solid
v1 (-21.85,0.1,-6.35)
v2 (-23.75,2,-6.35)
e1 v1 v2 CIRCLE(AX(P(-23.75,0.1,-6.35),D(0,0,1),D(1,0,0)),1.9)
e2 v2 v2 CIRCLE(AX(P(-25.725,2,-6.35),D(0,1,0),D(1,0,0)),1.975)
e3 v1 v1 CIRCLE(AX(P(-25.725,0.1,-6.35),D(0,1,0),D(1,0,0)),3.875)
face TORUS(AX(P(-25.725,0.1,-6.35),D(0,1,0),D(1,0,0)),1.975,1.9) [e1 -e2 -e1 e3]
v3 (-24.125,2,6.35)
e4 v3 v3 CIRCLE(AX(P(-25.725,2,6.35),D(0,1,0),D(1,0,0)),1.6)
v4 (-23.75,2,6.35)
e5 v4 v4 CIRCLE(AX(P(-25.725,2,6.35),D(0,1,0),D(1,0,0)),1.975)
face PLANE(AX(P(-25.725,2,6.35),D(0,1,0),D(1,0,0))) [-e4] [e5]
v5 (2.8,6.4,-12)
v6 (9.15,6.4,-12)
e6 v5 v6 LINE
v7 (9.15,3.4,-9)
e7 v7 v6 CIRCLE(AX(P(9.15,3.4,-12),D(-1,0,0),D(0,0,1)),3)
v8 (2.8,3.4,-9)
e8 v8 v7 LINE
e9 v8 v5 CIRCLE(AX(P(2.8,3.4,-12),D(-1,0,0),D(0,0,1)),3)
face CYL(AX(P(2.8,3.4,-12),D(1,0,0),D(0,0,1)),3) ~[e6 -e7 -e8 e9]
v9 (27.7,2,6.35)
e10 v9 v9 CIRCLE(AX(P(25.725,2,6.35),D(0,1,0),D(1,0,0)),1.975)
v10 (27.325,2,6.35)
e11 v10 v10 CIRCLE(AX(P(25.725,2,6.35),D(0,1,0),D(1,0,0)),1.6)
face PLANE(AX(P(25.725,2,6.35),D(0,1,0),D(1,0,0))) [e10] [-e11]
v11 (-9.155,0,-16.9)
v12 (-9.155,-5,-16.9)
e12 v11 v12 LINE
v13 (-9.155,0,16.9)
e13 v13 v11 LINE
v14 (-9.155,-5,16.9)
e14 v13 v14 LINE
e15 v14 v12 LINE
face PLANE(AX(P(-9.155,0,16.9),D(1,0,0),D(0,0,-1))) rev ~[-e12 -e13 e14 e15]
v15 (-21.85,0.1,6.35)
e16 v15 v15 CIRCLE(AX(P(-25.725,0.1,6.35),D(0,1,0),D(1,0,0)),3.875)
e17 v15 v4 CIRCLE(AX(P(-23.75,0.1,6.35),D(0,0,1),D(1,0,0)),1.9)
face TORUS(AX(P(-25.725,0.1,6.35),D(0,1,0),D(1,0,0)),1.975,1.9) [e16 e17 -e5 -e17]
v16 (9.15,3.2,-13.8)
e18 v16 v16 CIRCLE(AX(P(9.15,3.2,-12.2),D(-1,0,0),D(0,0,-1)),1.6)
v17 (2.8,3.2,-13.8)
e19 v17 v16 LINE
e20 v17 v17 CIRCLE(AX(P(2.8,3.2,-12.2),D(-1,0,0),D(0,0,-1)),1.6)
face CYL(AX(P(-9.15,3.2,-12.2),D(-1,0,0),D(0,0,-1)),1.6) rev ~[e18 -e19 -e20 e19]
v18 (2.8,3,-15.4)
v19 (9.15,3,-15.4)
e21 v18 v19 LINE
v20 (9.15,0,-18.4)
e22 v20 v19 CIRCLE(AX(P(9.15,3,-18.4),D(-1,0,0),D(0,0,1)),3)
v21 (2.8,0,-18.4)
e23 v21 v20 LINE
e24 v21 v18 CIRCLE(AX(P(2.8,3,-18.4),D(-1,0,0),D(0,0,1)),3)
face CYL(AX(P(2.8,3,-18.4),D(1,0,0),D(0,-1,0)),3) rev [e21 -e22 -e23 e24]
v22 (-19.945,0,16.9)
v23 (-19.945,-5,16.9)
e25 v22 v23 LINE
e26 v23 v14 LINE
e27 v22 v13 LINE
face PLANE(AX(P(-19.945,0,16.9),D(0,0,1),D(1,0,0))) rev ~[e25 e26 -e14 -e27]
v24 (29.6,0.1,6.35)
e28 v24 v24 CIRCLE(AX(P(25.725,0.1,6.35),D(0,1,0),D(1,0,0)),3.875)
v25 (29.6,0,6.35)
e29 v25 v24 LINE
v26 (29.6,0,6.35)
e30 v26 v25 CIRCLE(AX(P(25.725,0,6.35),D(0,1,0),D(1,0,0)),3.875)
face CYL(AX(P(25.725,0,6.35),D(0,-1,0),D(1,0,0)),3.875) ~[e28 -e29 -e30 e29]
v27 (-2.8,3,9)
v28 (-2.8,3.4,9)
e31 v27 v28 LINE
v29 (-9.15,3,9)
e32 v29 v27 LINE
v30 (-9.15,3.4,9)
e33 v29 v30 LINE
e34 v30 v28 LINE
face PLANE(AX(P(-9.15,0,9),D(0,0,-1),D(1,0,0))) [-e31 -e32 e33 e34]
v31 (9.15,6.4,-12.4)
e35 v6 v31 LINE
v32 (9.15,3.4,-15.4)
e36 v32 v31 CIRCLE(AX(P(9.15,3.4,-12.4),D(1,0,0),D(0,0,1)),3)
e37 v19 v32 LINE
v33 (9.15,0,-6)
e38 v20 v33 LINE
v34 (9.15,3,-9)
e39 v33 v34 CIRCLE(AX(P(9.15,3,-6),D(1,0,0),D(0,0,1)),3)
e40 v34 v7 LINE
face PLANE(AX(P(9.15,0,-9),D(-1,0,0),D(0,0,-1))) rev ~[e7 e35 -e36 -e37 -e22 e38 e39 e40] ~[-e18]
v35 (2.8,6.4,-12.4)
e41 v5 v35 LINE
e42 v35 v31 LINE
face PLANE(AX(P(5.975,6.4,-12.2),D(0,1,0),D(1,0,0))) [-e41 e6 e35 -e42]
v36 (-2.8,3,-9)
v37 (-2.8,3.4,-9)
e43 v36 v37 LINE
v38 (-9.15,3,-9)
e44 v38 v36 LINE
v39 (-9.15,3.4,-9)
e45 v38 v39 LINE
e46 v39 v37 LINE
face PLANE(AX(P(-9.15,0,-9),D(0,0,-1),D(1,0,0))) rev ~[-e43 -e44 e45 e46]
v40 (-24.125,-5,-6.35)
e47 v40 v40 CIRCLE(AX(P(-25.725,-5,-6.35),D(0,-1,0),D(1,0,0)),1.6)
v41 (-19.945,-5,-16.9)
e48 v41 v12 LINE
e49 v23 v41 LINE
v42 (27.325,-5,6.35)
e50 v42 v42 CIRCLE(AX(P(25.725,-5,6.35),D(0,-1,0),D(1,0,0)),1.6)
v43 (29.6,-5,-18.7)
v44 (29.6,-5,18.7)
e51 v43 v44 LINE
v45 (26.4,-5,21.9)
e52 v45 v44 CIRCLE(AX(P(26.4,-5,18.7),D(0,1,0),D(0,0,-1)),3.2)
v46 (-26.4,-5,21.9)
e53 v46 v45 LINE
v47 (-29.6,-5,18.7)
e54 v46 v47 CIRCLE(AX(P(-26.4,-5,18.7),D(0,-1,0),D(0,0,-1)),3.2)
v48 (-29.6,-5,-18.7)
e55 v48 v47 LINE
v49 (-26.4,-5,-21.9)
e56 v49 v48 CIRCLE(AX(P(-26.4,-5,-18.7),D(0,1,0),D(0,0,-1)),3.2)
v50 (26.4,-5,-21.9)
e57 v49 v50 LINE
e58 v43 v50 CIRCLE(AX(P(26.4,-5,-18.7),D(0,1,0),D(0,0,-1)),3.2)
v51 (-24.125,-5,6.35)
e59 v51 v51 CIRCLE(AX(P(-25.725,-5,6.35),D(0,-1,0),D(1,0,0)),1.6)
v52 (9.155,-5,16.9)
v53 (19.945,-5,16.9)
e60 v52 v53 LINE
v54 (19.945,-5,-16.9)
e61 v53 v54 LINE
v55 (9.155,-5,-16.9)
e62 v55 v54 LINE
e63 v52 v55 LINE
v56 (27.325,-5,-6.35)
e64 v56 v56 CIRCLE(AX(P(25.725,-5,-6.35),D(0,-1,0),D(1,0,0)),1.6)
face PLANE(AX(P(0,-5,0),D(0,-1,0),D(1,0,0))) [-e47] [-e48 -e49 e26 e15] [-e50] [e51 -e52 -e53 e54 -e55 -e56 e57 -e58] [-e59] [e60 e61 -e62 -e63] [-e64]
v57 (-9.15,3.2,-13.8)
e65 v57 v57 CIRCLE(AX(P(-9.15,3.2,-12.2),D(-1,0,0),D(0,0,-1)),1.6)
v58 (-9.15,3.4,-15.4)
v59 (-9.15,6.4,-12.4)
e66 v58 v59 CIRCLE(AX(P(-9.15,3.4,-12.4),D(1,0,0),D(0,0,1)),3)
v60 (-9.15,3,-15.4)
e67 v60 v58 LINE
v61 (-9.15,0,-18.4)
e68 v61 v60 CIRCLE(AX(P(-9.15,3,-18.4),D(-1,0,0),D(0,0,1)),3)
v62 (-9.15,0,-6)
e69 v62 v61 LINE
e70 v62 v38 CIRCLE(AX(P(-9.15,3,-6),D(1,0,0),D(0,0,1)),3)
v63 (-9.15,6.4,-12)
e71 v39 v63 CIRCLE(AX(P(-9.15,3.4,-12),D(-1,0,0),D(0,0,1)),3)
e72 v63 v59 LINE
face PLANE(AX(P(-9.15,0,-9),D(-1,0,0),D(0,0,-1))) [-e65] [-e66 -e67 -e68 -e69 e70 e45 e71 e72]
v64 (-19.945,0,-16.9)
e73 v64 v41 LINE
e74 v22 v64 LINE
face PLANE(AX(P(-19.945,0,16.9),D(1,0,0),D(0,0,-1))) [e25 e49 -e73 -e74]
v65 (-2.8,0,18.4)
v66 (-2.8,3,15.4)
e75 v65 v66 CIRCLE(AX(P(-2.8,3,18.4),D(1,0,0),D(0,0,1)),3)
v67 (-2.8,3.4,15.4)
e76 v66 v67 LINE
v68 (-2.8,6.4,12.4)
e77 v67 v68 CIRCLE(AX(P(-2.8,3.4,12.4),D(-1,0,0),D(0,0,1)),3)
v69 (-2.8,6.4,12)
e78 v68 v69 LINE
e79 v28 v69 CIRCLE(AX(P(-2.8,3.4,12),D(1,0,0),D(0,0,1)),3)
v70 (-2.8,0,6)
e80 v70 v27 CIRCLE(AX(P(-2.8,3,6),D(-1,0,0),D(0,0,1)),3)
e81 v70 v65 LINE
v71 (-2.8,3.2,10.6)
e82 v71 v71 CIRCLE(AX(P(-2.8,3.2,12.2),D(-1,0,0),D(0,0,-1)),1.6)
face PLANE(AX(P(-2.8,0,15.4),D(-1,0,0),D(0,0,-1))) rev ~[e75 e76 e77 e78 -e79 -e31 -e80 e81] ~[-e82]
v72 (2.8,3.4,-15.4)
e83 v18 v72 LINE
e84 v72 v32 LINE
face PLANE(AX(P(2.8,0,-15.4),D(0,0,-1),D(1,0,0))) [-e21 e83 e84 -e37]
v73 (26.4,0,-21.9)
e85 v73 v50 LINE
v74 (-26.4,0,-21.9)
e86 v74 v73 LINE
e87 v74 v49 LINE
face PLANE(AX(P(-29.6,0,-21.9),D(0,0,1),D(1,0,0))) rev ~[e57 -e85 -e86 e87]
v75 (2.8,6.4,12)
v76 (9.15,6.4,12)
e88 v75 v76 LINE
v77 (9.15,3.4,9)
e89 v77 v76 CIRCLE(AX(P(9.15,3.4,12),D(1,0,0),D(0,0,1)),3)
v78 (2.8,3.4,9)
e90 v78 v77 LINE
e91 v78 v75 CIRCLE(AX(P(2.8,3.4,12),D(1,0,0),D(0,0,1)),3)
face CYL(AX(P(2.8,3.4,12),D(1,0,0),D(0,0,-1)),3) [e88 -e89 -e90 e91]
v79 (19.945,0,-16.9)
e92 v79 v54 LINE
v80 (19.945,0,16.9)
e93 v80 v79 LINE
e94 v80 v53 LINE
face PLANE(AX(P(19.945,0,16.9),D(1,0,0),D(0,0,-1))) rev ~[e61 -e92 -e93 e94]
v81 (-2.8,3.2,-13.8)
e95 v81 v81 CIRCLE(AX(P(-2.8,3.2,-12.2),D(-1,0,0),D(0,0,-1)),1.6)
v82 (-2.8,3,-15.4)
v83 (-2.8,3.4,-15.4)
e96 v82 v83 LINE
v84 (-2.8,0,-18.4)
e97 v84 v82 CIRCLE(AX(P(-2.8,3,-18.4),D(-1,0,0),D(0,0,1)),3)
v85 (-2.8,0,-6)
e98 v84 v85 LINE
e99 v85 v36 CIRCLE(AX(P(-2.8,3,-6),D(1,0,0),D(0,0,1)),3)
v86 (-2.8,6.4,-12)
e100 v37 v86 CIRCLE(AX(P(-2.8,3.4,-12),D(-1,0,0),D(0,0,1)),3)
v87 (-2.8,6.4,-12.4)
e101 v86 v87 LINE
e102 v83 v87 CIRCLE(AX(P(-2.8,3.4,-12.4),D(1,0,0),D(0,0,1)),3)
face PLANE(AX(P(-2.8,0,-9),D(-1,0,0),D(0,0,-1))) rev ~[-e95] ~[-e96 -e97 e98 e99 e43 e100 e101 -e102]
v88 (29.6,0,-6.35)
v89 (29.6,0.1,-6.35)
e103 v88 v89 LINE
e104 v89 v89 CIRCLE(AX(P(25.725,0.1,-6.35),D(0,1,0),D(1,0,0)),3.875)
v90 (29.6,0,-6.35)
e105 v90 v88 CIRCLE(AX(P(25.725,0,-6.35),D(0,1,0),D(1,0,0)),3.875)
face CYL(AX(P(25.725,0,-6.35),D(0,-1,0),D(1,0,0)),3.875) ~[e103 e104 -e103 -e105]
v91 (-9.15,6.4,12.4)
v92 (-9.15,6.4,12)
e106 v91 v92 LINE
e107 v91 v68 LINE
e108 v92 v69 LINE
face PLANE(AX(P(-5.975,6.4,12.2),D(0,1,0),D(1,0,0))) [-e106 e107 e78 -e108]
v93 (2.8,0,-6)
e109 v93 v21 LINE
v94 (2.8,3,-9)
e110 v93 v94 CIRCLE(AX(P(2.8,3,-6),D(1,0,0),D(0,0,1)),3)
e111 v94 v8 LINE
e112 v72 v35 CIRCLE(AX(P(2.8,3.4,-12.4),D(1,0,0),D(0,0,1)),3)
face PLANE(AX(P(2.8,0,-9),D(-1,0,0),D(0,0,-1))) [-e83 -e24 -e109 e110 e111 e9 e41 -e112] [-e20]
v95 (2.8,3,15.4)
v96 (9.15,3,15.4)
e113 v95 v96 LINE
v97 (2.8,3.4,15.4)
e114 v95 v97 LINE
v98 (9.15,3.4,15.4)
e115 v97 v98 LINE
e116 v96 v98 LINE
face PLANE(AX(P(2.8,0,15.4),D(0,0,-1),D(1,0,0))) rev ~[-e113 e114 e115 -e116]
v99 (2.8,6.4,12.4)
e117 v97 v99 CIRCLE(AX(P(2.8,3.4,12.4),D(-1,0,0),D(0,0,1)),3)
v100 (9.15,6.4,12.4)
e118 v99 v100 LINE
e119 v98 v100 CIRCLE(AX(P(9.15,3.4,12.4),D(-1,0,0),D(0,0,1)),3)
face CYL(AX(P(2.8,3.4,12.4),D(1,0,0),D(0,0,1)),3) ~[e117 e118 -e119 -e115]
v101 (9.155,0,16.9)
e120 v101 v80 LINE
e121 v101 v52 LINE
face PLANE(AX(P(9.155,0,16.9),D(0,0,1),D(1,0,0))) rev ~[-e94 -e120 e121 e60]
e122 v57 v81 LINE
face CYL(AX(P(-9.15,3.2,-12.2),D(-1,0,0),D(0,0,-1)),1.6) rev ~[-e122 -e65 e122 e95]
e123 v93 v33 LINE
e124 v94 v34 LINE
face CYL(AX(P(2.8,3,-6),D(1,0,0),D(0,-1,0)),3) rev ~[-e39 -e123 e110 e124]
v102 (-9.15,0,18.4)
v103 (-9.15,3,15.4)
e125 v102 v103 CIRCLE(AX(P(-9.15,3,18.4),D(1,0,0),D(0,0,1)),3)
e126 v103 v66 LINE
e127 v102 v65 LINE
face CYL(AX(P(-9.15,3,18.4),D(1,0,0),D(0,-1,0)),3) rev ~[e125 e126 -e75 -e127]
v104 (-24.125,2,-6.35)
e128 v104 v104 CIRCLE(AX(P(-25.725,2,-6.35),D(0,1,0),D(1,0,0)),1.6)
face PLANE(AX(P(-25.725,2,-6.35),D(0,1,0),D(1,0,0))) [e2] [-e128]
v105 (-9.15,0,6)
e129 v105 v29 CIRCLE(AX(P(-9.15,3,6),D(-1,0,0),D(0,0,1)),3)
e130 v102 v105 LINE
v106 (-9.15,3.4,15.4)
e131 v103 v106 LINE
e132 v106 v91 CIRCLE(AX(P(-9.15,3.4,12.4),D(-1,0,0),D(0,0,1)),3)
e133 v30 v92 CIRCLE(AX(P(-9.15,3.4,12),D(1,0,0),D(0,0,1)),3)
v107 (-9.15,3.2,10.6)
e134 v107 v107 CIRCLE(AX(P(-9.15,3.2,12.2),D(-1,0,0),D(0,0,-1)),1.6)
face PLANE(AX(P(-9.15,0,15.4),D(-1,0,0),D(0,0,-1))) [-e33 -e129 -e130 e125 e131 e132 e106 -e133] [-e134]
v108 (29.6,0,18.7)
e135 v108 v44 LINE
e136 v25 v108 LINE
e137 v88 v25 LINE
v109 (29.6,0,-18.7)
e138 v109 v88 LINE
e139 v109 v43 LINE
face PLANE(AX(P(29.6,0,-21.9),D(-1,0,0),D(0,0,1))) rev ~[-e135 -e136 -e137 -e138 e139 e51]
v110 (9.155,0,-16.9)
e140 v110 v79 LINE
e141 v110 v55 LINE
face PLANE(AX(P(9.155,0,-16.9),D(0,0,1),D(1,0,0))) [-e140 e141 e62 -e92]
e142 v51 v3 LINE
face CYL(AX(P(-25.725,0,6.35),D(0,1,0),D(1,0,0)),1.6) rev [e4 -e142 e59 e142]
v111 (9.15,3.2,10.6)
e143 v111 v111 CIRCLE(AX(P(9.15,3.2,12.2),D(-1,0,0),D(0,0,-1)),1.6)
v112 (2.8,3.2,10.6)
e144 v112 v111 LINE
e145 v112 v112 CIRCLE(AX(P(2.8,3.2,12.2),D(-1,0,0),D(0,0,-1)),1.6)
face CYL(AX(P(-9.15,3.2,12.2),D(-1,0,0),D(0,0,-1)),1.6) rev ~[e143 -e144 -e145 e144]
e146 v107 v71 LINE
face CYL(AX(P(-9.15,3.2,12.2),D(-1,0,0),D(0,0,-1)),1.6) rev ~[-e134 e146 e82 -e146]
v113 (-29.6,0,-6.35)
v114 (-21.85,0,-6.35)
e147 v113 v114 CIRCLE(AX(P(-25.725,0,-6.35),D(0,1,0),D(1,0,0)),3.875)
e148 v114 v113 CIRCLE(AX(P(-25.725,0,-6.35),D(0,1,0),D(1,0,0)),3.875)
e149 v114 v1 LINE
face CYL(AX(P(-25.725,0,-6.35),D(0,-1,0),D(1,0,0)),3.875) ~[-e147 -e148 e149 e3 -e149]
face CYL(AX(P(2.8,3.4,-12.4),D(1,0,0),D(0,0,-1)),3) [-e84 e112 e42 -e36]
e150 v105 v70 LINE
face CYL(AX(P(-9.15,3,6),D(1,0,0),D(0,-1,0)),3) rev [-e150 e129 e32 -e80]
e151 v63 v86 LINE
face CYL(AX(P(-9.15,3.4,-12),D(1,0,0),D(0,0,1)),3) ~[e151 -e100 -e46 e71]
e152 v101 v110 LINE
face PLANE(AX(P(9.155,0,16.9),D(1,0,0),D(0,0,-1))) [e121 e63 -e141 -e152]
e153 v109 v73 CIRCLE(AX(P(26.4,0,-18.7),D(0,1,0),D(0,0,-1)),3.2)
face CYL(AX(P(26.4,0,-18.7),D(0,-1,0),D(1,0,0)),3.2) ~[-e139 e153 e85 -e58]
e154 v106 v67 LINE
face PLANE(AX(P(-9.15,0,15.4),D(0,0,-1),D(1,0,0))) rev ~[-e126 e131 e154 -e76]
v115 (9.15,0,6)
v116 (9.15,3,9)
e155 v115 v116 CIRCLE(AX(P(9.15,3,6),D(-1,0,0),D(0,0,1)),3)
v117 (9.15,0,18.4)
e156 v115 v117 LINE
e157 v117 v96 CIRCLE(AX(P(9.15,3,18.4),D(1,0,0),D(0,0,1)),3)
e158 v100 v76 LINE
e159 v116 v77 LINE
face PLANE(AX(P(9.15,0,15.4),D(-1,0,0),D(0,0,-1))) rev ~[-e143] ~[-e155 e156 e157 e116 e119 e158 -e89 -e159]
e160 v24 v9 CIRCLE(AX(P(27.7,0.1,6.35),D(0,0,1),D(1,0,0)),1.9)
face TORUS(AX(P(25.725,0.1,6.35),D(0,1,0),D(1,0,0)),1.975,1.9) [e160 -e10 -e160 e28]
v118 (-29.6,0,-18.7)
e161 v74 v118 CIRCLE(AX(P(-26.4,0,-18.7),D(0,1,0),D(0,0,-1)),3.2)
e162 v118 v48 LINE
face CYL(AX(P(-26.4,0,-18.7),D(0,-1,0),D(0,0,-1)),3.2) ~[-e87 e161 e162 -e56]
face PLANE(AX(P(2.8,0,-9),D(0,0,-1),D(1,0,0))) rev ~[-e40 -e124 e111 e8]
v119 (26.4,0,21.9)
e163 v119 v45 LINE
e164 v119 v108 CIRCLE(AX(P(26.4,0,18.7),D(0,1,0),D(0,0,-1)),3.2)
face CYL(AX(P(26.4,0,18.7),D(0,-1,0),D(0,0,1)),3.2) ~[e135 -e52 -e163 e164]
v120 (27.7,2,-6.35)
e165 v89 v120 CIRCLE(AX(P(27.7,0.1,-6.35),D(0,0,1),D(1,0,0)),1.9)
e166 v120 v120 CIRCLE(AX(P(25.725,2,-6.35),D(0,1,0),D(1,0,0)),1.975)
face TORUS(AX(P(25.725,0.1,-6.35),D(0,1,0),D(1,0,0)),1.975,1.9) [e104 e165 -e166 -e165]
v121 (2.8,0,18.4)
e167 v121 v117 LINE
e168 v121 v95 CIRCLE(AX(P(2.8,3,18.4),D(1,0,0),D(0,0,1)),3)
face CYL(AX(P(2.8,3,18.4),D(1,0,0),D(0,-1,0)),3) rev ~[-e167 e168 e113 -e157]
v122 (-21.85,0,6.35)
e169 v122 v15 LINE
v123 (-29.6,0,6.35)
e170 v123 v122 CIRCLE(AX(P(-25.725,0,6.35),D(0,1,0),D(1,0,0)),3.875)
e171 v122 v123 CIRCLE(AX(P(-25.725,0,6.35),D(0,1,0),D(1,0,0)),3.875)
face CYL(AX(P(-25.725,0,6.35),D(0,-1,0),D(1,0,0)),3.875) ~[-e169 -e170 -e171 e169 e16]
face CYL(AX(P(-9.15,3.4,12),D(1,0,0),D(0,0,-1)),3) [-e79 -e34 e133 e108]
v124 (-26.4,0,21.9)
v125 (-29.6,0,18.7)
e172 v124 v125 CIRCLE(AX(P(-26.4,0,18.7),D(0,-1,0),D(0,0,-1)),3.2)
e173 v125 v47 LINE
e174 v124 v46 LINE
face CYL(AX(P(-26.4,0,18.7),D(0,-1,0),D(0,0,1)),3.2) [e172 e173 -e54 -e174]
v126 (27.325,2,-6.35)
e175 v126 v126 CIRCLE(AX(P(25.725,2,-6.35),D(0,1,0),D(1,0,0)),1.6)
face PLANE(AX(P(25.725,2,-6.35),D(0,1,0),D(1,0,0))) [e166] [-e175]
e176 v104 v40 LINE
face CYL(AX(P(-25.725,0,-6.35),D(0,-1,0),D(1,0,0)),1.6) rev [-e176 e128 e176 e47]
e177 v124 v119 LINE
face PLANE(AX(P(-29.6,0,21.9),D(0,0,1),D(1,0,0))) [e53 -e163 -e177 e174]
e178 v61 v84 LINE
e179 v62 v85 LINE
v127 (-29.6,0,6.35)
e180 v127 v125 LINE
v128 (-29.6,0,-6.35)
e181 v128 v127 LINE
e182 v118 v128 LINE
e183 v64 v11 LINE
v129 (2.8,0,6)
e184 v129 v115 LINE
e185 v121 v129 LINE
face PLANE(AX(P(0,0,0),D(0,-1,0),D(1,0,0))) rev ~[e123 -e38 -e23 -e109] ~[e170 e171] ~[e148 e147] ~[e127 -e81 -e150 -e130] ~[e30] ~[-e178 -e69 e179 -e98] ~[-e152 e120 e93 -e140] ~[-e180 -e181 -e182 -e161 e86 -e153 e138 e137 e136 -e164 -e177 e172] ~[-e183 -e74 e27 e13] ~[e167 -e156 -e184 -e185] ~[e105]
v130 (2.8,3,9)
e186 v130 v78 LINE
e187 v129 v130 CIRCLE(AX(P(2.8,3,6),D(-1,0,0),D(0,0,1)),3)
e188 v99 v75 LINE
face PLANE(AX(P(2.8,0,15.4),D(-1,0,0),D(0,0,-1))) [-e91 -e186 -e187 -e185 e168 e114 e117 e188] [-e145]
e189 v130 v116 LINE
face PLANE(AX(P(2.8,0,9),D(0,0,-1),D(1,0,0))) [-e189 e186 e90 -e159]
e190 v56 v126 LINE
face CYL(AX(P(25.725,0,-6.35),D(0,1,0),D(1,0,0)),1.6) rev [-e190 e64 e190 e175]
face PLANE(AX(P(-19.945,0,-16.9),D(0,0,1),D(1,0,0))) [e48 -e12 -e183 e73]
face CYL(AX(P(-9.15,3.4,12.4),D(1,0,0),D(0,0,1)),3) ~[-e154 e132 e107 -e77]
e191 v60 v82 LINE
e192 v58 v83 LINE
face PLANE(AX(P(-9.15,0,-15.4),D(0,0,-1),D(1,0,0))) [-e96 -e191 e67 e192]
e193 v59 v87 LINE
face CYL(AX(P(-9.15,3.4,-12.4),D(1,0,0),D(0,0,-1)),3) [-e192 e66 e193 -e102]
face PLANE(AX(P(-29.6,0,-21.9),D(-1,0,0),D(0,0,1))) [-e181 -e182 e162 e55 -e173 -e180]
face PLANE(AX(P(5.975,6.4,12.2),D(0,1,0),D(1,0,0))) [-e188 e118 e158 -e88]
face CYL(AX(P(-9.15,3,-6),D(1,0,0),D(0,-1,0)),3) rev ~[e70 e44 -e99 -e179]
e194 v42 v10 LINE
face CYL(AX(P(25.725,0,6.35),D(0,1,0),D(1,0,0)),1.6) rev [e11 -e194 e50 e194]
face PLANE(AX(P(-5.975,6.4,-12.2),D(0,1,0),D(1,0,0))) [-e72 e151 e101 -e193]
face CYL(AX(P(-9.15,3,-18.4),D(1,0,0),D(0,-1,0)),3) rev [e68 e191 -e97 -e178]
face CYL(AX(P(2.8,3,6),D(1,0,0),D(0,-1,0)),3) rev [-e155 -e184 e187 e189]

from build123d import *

# Parameters (mm, degrees)
SKETCH053_W     = 59.2
SKETCH053_H     = 43.8
SKETCH053_R     = 1.6
PAD029_DEPTH    = 5
SKETCH054_R     = 3.875
SKETCH054_R_2   = 1.6
PAD030_DEPTH    = 2
SKETCH055_W     = 6.35
SKETCH055_H     = 6.4
PAD031_DEPTH    = 6.4
SKETCH056_W     = 10.79
SKETCH056_H     = 33.8
POCKET025_DEPTH = 5
SKETCH057_R     = 1.6
POCKET026_DEPTH = 19.05
FILLET024_R     = 1.9
FILLET025_R     = 3
FILLET026_R     = 3.2


with BuildPart() as part:
    # Sketch053 → Pad029 (new body)
    with BuildSketch(Plane.XZ):
        Rectangle(SKETCH053_W, SKETCH053_H)
        with Locations((25.725, 6.35)):
            Circle(SKETCH053_R, mode=Mode.SUBTRACT)
        with Locations((-25.725, 6.35)):
            Circle(SKETCH053_R, mode=Mode.SUBTRACT)
        with Locations((-25.725, -6.35)):
            Circle(SKETCH053_R, mode=Mode.SUBTRACT)
        with Locations((25.725, -6.35)):
            Circle(SKETCH053_R, mode=Mode.SUBTRACT)
    extrude(amount=PAD029_DEPTH)

    # Sketch054 (on Face9 of Pad029) → Pad030 (join)
    with BuildSketch(Plane(origin=(0, 0, 0), x_dir=(1, 0, 0), z_dir=(0, 1, 0))):
        with Locations((-25.725, 6.35)):
            Circle(SKETCH054_R)
        with Locations((-25.725, 6.35)):
            Circle(SKETCH054_R_2, mode=Mode.SUBTRACT)
        with Locations((-25.725, -6.35)):
            Circle(SKETCH054_R)
        with Locations((-25.725, -6.35)):
            Circle(SKETCH054_R_2, mode=Mode.SUBTRACT)
        with Locations((25.725, -6.35)):
            Circle(SKETCH054_R)
        with Locations((25.725, -6.35)):
            Circle(SKETCH054_R_2, mode=Mode.SUBTRACT)
        with Locations((25.725, 6.35)):
            Circle(SKETCH054_R)
        with Locations((25.725, 6.35)):
            Circle(SKETCH054_R_2, mode=Mode.SUBTRACT)
    extrude(amount=PAD030_DEPTH)

    # Sketch055 (on Face4 of Pad030) → Pad031 (join)
    with BuildSketch(Plane(origin=(0, 0, 0), x_dir=(1, 0, 0), z_dir=(0, 1, 0))):
        with Locations((5.975, 12.2)):
            Rectangle(SKETCH055_W, SKETCH055_H)
        with Locations((5.975, -12.2)):
            Rectangle(SKETCH055_W, SKETCH055_H)
        with Locations((-5.975, -12.2)):
            Rectangle(SKETCH055_W, SKETCH055_H)
        with Locations((-5.975, 12.2)):
            Rectangle(SKETCH055_W, SKETCH055_H)
    extrude(amount=PAD031_DEPTH)

    # Sketch056 (on Face4 of Pad031) → Pocket025 (cut)
    with BuildSketch(Plane(origin=(0, 0, 0), x_dir=(1, 0, 0), z_dir=(0, 1, 0))):
        with Locations((-14.55, 0)):
            Rectangle(SKETCH056_W, SKETCH056_H)
        with Locations((14.55, 0)):
            Rectangle(SKETCH056_W, SKETCH056_H)
    extrude(amount=-POCKET025_DEPTH, mode=Mode.SUBTRACT)

    # Sketch057 (on Face8 of Pocket025) → Pocket026 (cut)
    with BuildSketch(Plane(origin=(-9.15, 0, 0), x_dir=(0, 0, -1), z_dir=(-1, 0, 0))):
        with Locations((-12.2, -3.2)):
            Circle(SKETCH057_R)
        with Locations((12.2, -3.2)):
            Circle(SKETCH057_R)
    extrude(amount=-POCKET026_DEPTH, mode=Mode.SUBTRACT)

    # Fillet024
    fillet024_edges = [part.edges().sort_by_distance(p)[0] for p in [
        (21.85, 2, 6.35),
        (21.85, 2, -6.35),
        (-29.6, 2, -6.35),
        (-29.6, 2, 6.35),
    ]]
    fillet(fillet024_edges, radius=FILLET024_R)

    # Fillet025
    fillet025_edges = [part.edges().sort_by_distance(p)[0] for p in [
        (5.975, 6.4, -15.4),
        (-5.975, 6.4, -15.4),
        (5.975, 6.4, 9),
        (-5.975, 6.4, 9),
        (5.975, 6.4, 15.4),
        (-5.975, 6.4, 15.4),
        (-5.975, 6.4, -9),
        (5.975, 6.4, -9),
        (5.975, 0, 15.4),
        (-5.975, 0, 15.4),
        (-5.975, 0, -9),
        (5.975, 0, -9),
        (5.975, 0, -15.4),
        (-5.975, 0, -15.4),
        (-5.975, 0, 9),
        (5.975, 0, 9),
    ]]
    fillet(fillet025_edges, radius=FILLET025_R)

    # Fillet026
    fillet026_edges = [part.edges().sort_by_distance(p)[0] for p in [
        (29.6, -2.5, 21.9),
        (29.6, -2.5, -21.9),
        (-29.6, -2.5, -21.9),
        (-29.6, -2.5, 21.9),
    ]]
    fillet(fillet026_edges, radius=FILLET026_R)


solid = part.part
